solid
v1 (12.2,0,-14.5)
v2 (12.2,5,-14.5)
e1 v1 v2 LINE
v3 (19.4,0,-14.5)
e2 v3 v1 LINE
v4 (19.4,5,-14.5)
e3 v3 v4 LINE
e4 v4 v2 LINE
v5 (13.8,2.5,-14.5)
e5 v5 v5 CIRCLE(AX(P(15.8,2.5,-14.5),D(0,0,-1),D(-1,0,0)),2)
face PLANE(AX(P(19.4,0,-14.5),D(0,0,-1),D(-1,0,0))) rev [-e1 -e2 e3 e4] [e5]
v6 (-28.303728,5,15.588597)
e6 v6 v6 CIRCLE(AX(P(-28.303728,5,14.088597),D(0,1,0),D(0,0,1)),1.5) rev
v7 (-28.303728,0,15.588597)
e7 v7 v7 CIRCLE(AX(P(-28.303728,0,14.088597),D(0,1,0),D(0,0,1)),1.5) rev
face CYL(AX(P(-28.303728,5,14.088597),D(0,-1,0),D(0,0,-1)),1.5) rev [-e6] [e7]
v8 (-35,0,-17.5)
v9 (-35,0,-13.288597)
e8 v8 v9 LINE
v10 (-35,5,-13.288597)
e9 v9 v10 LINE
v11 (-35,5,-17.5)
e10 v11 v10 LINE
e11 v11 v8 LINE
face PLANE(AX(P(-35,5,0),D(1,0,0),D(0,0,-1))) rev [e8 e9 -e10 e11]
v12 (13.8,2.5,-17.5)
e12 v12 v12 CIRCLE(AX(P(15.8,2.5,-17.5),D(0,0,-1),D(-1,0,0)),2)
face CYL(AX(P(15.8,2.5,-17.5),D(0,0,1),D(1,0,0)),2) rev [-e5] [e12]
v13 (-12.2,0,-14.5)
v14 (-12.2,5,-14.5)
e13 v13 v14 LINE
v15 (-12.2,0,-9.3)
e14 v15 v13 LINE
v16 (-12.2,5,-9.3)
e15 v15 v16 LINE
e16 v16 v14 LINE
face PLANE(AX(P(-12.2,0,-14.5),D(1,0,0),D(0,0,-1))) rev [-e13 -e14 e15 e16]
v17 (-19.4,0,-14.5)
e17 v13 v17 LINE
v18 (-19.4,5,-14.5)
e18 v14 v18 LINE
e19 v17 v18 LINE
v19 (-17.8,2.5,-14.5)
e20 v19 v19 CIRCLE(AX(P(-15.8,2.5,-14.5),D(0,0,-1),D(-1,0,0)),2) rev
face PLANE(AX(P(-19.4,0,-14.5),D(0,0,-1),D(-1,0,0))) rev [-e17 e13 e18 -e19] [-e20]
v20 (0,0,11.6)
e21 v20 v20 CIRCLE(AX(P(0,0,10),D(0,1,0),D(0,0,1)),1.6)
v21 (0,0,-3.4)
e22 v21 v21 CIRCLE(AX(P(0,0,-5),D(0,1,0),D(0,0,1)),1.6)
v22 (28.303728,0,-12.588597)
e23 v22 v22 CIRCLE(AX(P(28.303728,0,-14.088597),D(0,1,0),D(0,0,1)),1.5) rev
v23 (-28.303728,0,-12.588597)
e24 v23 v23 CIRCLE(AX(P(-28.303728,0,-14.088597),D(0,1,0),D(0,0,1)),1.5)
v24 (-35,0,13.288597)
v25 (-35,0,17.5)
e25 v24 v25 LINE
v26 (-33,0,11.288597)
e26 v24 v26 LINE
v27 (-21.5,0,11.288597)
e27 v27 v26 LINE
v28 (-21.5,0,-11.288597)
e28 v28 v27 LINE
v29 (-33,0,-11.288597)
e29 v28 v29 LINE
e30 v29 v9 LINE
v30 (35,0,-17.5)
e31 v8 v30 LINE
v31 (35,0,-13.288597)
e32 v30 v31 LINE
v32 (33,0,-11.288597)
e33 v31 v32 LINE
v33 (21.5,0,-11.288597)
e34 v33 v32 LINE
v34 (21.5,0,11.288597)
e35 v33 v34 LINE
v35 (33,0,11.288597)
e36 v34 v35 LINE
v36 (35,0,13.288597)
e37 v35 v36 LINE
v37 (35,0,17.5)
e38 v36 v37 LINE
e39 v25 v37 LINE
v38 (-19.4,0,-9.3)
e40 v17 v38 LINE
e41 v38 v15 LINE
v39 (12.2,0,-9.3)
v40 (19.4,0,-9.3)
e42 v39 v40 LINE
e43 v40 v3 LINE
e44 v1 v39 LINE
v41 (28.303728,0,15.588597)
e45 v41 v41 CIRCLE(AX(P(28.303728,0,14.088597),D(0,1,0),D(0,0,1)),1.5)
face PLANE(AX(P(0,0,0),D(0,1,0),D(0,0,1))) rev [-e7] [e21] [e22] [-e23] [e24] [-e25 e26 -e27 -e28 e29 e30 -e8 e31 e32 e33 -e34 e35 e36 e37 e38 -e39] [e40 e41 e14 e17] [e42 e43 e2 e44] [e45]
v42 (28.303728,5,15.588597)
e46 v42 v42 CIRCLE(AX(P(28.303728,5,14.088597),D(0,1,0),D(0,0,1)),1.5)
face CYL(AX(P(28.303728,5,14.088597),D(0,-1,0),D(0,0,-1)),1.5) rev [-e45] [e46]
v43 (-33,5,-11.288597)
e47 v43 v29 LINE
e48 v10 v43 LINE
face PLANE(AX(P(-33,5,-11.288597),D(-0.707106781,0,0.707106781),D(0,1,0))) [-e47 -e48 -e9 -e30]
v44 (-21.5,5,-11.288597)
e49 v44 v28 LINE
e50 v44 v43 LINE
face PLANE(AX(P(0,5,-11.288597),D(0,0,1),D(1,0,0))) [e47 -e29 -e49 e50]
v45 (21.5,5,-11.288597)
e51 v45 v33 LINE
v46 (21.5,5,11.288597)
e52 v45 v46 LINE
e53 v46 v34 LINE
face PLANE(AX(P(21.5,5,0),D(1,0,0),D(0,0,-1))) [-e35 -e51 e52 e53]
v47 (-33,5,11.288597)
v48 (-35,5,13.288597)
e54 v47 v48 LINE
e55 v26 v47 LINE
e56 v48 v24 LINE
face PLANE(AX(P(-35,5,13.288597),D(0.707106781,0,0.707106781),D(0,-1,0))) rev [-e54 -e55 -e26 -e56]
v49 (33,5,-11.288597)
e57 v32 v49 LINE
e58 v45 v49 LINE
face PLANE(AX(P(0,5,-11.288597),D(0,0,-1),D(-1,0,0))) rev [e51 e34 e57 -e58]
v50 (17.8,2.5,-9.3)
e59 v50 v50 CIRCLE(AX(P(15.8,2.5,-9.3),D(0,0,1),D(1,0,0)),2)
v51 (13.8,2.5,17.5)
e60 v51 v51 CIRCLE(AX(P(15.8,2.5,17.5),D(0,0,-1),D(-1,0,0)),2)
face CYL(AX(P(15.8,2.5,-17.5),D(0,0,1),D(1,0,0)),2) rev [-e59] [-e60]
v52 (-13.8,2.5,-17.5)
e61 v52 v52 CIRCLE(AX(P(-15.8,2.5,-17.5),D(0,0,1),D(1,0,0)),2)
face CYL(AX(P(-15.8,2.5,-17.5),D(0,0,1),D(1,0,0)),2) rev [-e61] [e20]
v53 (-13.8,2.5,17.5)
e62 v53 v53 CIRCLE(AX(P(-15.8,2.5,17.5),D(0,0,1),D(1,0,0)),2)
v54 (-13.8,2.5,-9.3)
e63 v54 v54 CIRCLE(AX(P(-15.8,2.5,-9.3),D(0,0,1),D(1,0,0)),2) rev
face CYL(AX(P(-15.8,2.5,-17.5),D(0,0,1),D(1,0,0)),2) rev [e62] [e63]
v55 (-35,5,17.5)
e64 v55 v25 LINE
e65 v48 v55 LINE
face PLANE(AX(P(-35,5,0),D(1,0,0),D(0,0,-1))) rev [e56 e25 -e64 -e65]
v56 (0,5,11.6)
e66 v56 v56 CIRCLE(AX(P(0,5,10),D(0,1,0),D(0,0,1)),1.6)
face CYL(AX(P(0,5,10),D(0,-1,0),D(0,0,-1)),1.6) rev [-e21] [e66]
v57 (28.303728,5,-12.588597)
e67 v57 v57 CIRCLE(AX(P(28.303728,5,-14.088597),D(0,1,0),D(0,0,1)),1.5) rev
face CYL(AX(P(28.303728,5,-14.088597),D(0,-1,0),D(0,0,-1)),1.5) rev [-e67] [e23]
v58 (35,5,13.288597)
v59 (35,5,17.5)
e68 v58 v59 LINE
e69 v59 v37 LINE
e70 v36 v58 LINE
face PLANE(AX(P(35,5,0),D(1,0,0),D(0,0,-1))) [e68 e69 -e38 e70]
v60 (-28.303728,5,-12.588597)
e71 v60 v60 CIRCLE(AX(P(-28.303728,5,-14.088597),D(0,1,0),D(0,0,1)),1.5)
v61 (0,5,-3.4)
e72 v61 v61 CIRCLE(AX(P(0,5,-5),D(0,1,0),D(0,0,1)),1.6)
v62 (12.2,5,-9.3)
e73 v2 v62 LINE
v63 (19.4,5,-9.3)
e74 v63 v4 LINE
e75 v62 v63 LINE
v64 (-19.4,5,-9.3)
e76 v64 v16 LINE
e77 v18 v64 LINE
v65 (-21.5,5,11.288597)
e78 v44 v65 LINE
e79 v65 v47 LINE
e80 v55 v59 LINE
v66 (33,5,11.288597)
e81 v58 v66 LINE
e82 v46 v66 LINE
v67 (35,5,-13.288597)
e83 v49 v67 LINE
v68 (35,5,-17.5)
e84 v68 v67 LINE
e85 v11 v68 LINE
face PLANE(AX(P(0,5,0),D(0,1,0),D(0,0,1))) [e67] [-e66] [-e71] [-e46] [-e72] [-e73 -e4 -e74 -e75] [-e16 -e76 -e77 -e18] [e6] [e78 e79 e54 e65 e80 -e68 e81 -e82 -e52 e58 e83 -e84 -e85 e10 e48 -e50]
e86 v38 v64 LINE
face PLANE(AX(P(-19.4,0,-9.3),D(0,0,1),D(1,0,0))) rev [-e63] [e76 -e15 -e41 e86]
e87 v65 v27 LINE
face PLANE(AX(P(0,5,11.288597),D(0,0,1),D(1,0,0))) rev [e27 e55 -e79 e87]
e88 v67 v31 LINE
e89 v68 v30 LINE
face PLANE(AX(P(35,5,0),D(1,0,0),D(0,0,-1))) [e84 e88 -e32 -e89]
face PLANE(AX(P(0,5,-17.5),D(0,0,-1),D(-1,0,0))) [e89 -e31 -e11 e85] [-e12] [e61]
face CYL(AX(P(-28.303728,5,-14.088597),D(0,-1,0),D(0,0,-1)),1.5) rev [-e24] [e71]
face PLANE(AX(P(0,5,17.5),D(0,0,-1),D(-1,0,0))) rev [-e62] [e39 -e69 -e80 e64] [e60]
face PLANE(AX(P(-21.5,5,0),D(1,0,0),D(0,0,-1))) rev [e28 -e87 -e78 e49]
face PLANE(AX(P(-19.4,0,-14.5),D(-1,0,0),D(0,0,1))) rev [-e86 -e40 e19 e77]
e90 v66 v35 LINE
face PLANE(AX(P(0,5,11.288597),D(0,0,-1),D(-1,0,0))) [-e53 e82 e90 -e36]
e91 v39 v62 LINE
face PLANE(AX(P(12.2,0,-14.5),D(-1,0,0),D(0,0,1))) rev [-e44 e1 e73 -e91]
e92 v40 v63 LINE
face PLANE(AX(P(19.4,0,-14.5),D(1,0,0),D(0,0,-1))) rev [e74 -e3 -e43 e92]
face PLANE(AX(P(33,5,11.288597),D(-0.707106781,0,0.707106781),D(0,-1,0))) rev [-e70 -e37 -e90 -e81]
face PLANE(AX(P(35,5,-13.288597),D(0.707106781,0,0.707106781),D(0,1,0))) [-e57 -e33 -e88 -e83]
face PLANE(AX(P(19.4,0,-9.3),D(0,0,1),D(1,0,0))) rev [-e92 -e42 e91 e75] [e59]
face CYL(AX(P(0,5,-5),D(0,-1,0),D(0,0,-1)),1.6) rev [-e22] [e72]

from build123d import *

# Parameters (mm, degrees)
SKETCH_1_R          = 1.5
SKETCH_1_R_2        = 1.6
EXTRUDE_1_DEPTH     = 5
CHAMFER_1_SIZE      = 2
SKETCH_2_R          = 2
CUT_EXTRUDE_1_DEPTH = 50.749371855
SKETCH_3_W          = 7.2
SKETCH_3_H          = 5.2
CUT_EXTRUDE_2_DEPTH = 40.449334595


with BuildPart() as part:
    # 草图1 → 凸台-拉伸1 (new body)
    with BuildSketch(Plane(origin=(0, 0, 0), x_dir=(1, 0, 0), z_dir=(0, 1, 0))):
        Polygon((35, 17.5), (-35, 17.5), (-35, 11.288596674), (-21.49999999, 11.288596674), (-21.49999999, -11.288596674), (-35, -11.288596674), (-35, -17.5), (35, -17.5), (35, -11.288596674), (21.49999999, -11.288596674), (21.49999999, 11.288596674), (35, 11.288596674), align=None)
        with Locations(Location((-28.303727501, -14.088596674, 0), (0, 0, 270))):
            Circle(SKETCH_1_R, mode=Mode.SUBTRACT)
        with Locations(Location((0, -10, 0), (0, 0, 270))):
            Circle(SKETCH_1_R_2, mode=Mode.SUBTRACT)
        with Locations(Location((28.303727501, -14.088596674, 0), (0, 0, 270))):
            Circle(SKETCH_1_R, mode=Mode.SUBTRACT)
        with Locations(Location((-28.303727501, 14.088596674, 0), (0, 0, 270))):
            Circle(SKETCH_1_R, mode=Mode.SUBTRACT)
        with Locations(Location((0, 5, 0), (0, 0, 270))):
            Circle(SKETCH_1_R_2, mode=Mode.SUBTRACT)
        with Locations(Location((28.303727501, 14.088596674, 0), (0, 0, 270))):
            Circle(SKETCH_1_R, mode=Mode.SUBTRACT)
    extrude(amount=EXTRUDE_1_DEPTH)

    # 倒角1
    chamfer_1_edges = [part.edges().sort_by_distance(p)[0] for p in [
        (35, 2.5, 11.288596674),
        (-35, 2.5, 11.288596674),
        (-35, 2.5, -11.288596674),
        (35, 2.5, -11.288596674),
    ]]
    chamfer(chamfer_1_edges, length=CHAMFER_1_SIZE)

    # 草图2 → 切除-拉伸1 (cut, through all)
    with BuildSketch(Plane.XY.offset(17.5)):
        with Locations((-15.8, 2.5)):
            Circle(SKETCH_2_R)
        with Locations(Location((15.8, 2.5, 0), (0, 0, 180))):
            Circle(SKETCH_2_R)
    extrude(amount=-CUT_EXTRUDE_1_DEPTH, mode=Mode.SUBTRACT)

    # 草图3 → 切除-拉伸2 (cut, through all)
    with BuildSketch(Plane(origin=(0, 5, 0), x_dir=(1, 0, 0), z_dir=(0, 1, 0))):
        with Locations((-15.8, 11.9)):
            Rectangle(SKETCH_3_W, SKETCH_3_H)
        with Locations((15.8, 11.9)):
            Rectangle(SKETCH_3_W, SKETCH_3_H)
    extrude(amount=-CUT_EXTRUDE_2_DEPTH, mode=Mode.SUBTRACT)


solid = part.part
